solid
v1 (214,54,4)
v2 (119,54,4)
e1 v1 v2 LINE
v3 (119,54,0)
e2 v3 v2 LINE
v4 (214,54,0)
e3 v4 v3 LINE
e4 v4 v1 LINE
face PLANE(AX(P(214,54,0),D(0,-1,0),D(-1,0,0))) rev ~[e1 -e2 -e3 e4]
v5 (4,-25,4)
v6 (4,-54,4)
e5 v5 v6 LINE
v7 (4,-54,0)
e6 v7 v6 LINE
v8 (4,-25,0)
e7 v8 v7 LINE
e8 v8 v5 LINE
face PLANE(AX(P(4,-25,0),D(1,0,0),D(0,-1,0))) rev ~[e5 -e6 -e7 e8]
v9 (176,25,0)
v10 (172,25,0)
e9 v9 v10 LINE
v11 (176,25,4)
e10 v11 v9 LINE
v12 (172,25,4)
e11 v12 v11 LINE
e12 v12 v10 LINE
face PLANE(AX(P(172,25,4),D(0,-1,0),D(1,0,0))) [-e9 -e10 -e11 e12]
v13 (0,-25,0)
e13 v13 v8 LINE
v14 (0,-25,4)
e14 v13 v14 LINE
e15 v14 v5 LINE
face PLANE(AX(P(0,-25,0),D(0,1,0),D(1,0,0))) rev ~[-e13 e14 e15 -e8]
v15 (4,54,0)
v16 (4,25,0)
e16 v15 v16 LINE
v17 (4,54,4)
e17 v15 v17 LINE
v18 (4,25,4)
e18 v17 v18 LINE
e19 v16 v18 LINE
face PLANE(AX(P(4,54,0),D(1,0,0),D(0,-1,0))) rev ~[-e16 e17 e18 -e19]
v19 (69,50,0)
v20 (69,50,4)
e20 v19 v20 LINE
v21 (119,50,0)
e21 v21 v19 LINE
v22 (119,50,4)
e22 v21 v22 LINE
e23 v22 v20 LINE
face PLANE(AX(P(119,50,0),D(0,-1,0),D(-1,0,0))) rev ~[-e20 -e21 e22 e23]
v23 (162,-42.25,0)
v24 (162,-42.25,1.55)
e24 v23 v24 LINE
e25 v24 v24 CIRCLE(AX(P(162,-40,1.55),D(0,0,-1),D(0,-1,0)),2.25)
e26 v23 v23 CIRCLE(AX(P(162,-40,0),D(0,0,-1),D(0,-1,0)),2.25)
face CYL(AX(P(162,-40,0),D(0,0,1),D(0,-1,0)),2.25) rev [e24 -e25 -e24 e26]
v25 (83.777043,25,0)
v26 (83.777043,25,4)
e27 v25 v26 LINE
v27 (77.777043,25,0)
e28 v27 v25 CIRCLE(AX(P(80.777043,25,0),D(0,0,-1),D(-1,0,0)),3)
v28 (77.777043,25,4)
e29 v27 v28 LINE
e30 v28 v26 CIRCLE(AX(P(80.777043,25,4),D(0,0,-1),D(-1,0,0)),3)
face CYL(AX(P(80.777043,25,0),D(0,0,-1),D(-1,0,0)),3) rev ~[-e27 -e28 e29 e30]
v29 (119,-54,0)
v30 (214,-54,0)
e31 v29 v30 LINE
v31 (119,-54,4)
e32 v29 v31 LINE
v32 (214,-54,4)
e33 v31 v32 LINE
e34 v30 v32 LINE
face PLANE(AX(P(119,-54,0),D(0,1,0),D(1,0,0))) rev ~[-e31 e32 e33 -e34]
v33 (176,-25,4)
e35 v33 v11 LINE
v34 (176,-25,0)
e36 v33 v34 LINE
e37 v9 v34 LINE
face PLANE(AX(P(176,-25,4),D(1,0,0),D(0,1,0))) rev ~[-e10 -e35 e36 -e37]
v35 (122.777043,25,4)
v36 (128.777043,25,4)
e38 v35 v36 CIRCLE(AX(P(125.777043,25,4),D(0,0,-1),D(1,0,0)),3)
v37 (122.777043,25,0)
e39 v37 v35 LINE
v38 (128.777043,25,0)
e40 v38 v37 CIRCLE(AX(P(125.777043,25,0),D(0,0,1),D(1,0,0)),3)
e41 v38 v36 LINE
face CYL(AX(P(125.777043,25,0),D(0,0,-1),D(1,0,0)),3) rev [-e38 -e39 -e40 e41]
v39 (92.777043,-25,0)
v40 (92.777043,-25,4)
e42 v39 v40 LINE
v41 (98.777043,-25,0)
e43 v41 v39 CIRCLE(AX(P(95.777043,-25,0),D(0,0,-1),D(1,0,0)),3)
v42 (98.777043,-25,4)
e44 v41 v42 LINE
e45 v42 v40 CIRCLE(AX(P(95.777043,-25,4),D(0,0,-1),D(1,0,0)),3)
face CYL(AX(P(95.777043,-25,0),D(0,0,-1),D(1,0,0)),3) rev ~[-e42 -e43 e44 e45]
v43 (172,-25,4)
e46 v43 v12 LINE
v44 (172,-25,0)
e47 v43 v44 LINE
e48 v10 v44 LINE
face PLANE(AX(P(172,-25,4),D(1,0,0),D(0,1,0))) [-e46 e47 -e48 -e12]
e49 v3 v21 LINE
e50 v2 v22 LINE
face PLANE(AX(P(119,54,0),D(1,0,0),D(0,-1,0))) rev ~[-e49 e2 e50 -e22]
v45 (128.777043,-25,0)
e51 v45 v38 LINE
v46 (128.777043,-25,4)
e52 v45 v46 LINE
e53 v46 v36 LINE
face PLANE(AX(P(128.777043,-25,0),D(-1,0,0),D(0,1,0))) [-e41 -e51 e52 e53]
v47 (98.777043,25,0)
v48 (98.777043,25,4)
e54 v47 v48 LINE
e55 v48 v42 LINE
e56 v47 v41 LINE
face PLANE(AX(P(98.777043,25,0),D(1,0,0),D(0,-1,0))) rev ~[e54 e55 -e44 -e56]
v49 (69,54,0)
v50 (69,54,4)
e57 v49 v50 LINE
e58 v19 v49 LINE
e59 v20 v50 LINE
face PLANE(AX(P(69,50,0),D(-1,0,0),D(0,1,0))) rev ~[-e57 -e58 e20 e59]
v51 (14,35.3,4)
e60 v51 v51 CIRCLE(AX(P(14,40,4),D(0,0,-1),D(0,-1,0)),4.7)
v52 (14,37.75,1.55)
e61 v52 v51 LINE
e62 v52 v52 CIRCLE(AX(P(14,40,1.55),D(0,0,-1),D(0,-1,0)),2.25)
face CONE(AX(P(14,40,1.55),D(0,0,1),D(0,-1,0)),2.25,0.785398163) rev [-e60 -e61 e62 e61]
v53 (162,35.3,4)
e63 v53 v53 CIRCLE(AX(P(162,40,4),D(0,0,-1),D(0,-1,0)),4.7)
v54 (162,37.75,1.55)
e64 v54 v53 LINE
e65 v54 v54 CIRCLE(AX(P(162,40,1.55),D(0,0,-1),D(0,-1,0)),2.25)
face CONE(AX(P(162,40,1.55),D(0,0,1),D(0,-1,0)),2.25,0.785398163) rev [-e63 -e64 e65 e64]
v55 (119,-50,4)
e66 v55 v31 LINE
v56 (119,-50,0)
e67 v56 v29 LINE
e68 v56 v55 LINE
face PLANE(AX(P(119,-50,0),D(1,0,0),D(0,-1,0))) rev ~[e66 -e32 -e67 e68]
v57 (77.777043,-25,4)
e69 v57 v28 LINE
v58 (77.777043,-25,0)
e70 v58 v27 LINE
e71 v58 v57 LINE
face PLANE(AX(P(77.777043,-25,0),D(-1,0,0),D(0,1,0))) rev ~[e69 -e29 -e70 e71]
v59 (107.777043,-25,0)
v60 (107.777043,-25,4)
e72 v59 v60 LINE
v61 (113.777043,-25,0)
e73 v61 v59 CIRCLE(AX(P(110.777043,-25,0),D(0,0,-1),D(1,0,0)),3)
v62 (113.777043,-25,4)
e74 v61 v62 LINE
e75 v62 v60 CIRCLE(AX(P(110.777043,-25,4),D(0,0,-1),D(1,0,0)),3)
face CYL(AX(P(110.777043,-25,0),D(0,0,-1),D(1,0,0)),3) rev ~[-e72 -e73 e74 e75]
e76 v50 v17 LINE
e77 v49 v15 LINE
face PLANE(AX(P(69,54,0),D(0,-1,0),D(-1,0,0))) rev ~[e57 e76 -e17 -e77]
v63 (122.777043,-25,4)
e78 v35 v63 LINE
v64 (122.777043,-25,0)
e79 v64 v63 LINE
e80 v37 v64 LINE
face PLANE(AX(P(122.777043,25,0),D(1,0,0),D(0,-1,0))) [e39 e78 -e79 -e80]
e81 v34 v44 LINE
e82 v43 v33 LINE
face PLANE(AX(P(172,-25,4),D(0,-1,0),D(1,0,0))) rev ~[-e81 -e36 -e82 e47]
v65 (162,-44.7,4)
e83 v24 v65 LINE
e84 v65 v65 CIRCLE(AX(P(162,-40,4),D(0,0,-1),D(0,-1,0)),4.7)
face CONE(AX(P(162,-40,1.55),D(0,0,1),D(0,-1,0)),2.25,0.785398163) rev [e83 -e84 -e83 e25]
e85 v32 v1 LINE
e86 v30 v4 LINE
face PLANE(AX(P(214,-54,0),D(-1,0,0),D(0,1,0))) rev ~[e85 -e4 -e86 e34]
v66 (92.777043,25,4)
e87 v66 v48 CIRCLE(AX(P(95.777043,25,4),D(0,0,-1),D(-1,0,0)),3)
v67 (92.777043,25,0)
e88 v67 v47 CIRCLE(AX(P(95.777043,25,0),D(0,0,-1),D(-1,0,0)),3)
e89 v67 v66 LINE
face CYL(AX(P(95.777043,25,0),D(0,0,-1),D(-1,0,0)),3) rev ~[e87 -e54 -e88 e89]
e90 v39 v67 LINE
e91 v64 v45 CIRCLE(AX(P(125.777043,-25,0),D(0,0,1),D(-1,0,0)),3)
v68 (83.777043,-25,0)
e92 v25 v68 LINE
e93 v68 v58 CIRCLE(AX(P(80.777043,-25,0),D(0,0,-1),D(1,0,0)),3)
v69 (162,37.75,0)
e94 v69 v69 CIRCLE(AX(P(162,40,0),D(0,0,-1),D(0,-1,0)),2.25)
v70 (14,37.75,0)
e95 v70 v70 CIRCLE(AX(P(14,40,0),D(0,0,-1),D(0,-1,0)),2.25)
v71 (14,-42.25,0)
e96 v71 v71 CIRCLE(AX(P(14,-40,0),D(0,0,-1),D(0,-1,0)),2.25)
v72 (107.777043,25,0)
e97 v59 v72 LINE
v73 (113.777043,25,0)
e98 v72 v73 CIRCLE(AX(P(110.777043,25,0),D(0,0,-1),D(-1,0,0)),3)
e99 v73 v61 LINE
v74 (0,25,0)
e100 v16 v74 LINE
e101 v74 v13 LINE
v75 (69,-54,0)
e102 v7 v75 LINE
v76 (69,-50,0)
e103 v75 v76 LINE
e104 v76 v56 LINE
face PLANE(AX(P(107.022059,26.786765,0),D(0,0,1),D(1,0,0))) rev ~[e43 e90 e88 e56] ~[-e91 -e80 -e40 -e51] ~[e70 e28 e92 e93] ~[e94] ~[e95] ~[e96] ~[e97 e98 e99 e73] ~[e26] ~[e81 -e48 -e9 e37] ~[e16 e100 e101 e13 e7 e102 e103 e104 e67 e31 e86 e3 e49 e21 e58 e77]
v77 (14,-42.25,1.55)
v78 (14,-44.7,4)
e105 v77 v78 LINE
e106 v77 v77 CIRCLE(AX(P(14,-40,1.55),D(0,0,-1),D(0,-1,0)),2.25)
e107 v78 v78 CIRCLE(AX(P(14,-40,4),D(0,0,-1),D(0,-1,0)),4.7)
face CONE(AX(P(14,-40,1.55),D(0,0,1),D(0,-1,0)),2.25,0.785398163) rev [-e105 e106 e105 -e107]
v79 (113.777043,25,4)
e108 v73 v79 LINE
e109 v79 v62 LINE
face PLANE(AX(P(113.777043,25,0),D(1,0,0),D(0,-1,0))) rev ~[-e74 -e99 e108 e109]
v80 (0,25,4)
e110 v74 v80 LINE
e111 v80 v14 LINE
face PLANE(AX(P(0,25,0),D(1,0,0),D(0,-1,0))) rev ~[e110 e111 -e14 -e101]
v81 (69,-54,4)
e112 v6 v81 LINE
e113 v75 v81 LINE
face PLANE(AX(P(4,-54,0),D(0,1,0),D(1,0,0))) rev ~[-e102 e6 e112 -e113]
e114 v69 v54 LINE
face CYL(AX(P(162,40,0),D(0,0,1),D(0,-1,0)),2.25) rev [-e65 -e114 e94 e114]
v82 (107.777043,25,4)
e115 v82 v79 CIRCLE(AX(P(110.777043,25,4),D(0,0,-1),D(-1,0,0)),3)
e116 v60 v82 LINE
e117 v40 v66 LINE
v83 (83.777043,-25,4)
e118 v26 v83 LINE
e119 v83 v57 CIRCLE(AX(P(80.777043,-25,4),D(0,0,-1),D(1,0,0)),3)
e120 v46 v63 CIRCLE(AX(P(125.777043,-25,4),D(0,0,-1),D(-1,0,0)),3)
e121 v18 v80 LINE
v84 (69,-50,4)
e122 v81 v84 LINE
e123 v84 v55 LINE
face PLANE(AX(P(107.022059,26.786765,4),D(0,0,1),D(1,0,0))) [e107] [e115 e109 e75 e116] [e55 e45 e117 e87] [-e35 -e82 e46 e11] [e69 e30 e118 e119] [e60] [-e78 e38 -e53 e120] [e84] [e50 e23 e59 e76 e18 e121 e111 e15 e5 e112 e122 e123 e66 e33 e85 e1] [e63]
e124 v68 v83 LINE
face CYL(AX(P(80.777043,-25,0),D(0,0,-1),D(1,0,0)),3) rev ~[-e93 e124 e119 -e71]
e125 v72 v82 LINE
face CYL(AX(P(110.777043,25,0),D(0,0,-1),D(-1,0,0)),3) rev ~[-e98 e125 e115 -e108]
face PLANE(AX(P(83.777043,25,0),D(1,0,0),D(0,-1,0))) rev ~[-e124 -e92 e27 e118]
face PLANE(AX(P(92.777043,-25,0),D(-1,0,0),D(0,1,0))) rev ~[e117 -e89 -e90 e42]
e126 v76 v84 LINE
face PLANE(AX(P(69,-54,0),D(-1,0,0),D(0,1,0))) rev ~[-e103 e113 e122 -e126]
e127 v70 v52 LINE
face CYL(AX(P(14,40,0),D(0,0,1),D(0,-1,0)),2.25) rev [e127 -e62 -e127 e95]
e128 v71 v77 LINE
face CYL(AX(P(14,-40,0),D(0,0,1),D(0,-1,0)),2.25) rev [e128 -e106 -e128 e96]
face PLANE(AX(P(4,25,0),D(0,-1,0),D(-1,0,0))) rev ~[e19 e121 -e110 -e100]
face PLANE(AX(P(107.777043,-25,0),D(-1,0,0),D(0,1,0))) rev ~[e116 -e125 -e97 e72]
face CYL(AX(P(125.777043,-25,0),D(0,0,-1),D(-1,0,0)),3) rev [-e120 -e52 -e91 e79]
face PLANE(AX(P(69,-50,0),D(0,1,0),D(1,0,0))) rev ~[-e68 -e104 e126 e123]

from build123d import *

# Parameters (mm, degrees)
BOSS_EXTRUDE1_DEPTH                          = 4
CUT_EXTRUDE1_REACH                           = 222.744
SKETCH2_W                                    = 4
SKETCH2_H                                    = 50
CSK_FOR_M4_COUNTERSUNK_FLAT_HEAD_SCR_2_COUNT = 2
CSK_FOR_M4_COUNTERSUNK_FLAT_HEAD_SCR_2_PITCH = 148
CSK_FOR_M4_COUNTERSUNK_FLAT_HEAD_SCR_3_COUNT = 2
CSK_FOR_M4_COUNTERSUNK_FLAT_HEAD_SCR_3_PITCH = 168.237926759
CSK_FOR_M4_COUNTERSUNK_FLAT_HEAD_SCR_4_COUNT = 2
CSK_FOR_M4_COUNTERSUNK_FLAT_HEAD_SCR_4_PITCH = 80
CUT_EXTRUDE2_REACH                           = 222.744


with BuildPart() as part:
    # Sketch1 → Boss-Extrude1 (new body)
    with BuildSketch(Plane.XY):
        Polygon((0, 25), (0, 0), (214, 0), (214, 54), (119, 54), (119, 50), (69, 50), (69, 54), (4, 54), (4, 25), align=None)
        Polygon((0, 0), (0, -25), (4, -25), (4, -54), (69, -54), (69, -50), (119, -50), (119, -54), (214, -54), (214, 0), align=None)
    extrude(amount=BOSS_EXTRUDE1_DEPTH)

    # Sketch2 → Cut-Extrude1 (cut, up to next)
    with BuildSketch(Plane.XY.offset(4), mode=Mode.PRIVATE) as cut_extrude1_sk1:
        with Locations((174, 0)):
            Rectangle(SKETCH2_W, SKETCH2_H)
    cut_extrude1_tool1 = extrude(cut_extrude1_sk1.sketch, amount=-CUT_EXTRUDE1_REACH, mode=Mode.PRIVATE) & part.part
    add(cut_extrude1_tool1.solids().sort_by_distance((174, 0, 4))[0], mode=Mode.SUBTRACT)

    # Sketch4 → CSK for M4 Countersunk Flat Head Screw1 (revolve, cut)
    with BuildSketch(Plane(origin=(14, 40, 4), x_dir=(0, -1, 0), z_dir=(1, 0, 0))):
        Polygon((0, 0), (0, 4), (2.25, 4), (2.25, 2.45), (4.7, 0), align=None)
    csk_for_m4_countersunk_flat_head_screw1 = revolve(axis=Axis((14, 40, 10.35), (0, 0, -1)), mode=Mode.SUBTRACT)

    # CSK for M4 Countersunk Flat Head Scr 2: CSK for M4 Countersunk Flat Head Screw1 ×2
    with Locations(*[(i * CSK_FOR_M4_COUNTERSUNK_FLAT_HEAD_SCR_2_PITCH, 0, 0) for i in range(1, CSK_FOR_M4_COUNTERSUNK_FLAT_HEAD_SCR_2_COUNT)]):
        add(csk_for_m4_countersunk_flat_head_screw1, mode=Mode.SUBTRACT)

    # CSK for M4 Countersunk Flat Head Scr 3: CSK for M4 Countersunk Flat Head Screw1 ×2
    with Locations(*[Vector(0.8797065135761271, -0.47551703436547405, 0) * (i * CSK_FOR_M4_COUNTERSUNK_FLAT_HEAD_SCR_3_PITCH) for i in range(1, CSK_FOR_M4_COUNTERSUNK_FLAT_HEAD_SCR_3_COUNT)]):
        add(csk_for_m4_countersunk_flat_head_screw1, mode=Mode.SUBTRACT)

    # CSK for M4 Countersunk Flat Head Scr 4: CSK for M4 Countersunk Flat Head Screw1 ×2
    with Locations(*[(0, -i * CSK_FOR_M4_COUNTERSUNK_FLAT_HEAD_SCR_4_PITCH, 0) for i in range(1, CSK_FOR_M4_COUNTERSUNK_FLAT_HEAD_SCR_4_COUNT)]):
        add(csk_for_m4_countersunk_flat_head_screw1, mode=Mode.SUBTRACT)

    # Sketch5 → Cut-Extrude2 (cut, up to next)
    with BuildSketch(Plane(origin=(0, 0, 0), x_dir=(-1, 0, 0), z_dir=(0, 0, -1)), mode=Mode.PRIVATE) as cut_extrude2_sk1:
        with BuildLine():
            Line((-122.777043469, 25), (-122.777043469, -25))
            ThreePointArc((-122.777043469, -25), (-125.777043469, -28), (-128.777043469, -25))
            Line((-128.777043469, -25), (-128.777043469, 25))
            ThreePointArc((-128.777043469, 25), (-125.777043469, 28), (-122.777043469, 25))
        make_face()
    cut_extrude2_tool1 = extrude(cut_extrude2_sk1.sketch, amount=-CUT_EXTRUDE2_REACH, mode=Mode.PRIVATE) & part.part
    # Sketch5 → Cut-Extrude2 (cut, up to next)
    with BuildSketch(Plane(origin=(0, 0, 0), x_dir=(-1, 0, 0), z_dir=(0, 0, -1)), mode=Mode.PRIVATE) as cut_extrude2_sk2:
        with BuildLine():
            Line((-113.777043469, 25), (-113.777043469, -25))
            ThreePointArc((-113.777043469, -25), (-110.777043469, -28), (-107.777043469, -25))
            Line((-107.777043469, -25), (-107.777043469, 25))
            ThreePointArc((-107.777043469, 25), (-110.777043469, 28), (-113.777043469, 25))
        make_face()
    cut_extrude2_tool2 = extrude(cut_extrude2_sk2.sketch, amount=-CUT_EXTRUDE2_REACH, mode=Mode.PRIVATE) & part.part
    # Sketch5 → Cut-Extrude2 (cut, up to next)
    with BuildSketch(Plane(origin=(0, 0, 0), x_dir=(-1, 0, 0), z_dir=(0, 0, -1)), mode=Mode.PRIVATE) as cut_extrude2_sk3:
        with BuildLine():
            Line((-98.777043469, 25), (-98.777043469, -25))
            ThreePointArc((-98.777043469, -25), (-95.777043469, -28), (-92.777043469, -25))
            Line((-92.777043469, -25), (-92.777043469, 25))
            ThreePointArc((-92.777043469, 25), (-95.777043469, 28), (-98.777043469, 25))
        make_face()
    cut_extrude2_tool3 = extrude(cut_extrude2_sk3.sketch, amount=-CUT_EXTRUDE2_REACH, mode=Mode.PRIVATE) & part.part
    # Sketch5 → Cut-Extrude2 (cut, up to next)
    with BuildSketch(Plane(origin=(0, 0, 0), x_dir=(-1, 0, 0), z_dir=(0, 0, -1)), mode=Mode.PRIVATE) as cut_extrude2_sk4:
        with BuildLine():
            Line((-83.777043469, 25), (-83.777043469, -25))
            ThreePointArc((-83.777043469, -25), (-80.777043469, -28), (-77.777043469, -25))
            Line((-77.777043469, -25), (-77.777043469, 25))
            ThreePointArc((-77.777043469, 25), (-80.777043469, 28), (-83.777043469, 25))
        make_face()
    cut_extrude2_tool4 = extrude(cut_extrude2_sk4.sketch, amount=-CUT_EXTRUDE2_REACH, mode=Mode.PRIVATE) & part.part
    add(cut_extrude2_tool1.solids().sort_by_distance((125.777043, 0, 0))[0], mode=Mode.SUBTRACT)
    add(cut_extrude2_tool2.solids().sort_by_distance((110.777043, 0, 0))[0], mode=Mode.SUBTRACT)
    add(cut_extrude2_tool3.solids().sort_by_distance((95.777043, 0, 0))[0], mode=Mode.SUBTRACT)
    add(cut_extrude2_tool4.solids().sort_by_distance((80.777043, 0, 0))[0], mode=Mode.SUBTRACT)


solid = part.part
